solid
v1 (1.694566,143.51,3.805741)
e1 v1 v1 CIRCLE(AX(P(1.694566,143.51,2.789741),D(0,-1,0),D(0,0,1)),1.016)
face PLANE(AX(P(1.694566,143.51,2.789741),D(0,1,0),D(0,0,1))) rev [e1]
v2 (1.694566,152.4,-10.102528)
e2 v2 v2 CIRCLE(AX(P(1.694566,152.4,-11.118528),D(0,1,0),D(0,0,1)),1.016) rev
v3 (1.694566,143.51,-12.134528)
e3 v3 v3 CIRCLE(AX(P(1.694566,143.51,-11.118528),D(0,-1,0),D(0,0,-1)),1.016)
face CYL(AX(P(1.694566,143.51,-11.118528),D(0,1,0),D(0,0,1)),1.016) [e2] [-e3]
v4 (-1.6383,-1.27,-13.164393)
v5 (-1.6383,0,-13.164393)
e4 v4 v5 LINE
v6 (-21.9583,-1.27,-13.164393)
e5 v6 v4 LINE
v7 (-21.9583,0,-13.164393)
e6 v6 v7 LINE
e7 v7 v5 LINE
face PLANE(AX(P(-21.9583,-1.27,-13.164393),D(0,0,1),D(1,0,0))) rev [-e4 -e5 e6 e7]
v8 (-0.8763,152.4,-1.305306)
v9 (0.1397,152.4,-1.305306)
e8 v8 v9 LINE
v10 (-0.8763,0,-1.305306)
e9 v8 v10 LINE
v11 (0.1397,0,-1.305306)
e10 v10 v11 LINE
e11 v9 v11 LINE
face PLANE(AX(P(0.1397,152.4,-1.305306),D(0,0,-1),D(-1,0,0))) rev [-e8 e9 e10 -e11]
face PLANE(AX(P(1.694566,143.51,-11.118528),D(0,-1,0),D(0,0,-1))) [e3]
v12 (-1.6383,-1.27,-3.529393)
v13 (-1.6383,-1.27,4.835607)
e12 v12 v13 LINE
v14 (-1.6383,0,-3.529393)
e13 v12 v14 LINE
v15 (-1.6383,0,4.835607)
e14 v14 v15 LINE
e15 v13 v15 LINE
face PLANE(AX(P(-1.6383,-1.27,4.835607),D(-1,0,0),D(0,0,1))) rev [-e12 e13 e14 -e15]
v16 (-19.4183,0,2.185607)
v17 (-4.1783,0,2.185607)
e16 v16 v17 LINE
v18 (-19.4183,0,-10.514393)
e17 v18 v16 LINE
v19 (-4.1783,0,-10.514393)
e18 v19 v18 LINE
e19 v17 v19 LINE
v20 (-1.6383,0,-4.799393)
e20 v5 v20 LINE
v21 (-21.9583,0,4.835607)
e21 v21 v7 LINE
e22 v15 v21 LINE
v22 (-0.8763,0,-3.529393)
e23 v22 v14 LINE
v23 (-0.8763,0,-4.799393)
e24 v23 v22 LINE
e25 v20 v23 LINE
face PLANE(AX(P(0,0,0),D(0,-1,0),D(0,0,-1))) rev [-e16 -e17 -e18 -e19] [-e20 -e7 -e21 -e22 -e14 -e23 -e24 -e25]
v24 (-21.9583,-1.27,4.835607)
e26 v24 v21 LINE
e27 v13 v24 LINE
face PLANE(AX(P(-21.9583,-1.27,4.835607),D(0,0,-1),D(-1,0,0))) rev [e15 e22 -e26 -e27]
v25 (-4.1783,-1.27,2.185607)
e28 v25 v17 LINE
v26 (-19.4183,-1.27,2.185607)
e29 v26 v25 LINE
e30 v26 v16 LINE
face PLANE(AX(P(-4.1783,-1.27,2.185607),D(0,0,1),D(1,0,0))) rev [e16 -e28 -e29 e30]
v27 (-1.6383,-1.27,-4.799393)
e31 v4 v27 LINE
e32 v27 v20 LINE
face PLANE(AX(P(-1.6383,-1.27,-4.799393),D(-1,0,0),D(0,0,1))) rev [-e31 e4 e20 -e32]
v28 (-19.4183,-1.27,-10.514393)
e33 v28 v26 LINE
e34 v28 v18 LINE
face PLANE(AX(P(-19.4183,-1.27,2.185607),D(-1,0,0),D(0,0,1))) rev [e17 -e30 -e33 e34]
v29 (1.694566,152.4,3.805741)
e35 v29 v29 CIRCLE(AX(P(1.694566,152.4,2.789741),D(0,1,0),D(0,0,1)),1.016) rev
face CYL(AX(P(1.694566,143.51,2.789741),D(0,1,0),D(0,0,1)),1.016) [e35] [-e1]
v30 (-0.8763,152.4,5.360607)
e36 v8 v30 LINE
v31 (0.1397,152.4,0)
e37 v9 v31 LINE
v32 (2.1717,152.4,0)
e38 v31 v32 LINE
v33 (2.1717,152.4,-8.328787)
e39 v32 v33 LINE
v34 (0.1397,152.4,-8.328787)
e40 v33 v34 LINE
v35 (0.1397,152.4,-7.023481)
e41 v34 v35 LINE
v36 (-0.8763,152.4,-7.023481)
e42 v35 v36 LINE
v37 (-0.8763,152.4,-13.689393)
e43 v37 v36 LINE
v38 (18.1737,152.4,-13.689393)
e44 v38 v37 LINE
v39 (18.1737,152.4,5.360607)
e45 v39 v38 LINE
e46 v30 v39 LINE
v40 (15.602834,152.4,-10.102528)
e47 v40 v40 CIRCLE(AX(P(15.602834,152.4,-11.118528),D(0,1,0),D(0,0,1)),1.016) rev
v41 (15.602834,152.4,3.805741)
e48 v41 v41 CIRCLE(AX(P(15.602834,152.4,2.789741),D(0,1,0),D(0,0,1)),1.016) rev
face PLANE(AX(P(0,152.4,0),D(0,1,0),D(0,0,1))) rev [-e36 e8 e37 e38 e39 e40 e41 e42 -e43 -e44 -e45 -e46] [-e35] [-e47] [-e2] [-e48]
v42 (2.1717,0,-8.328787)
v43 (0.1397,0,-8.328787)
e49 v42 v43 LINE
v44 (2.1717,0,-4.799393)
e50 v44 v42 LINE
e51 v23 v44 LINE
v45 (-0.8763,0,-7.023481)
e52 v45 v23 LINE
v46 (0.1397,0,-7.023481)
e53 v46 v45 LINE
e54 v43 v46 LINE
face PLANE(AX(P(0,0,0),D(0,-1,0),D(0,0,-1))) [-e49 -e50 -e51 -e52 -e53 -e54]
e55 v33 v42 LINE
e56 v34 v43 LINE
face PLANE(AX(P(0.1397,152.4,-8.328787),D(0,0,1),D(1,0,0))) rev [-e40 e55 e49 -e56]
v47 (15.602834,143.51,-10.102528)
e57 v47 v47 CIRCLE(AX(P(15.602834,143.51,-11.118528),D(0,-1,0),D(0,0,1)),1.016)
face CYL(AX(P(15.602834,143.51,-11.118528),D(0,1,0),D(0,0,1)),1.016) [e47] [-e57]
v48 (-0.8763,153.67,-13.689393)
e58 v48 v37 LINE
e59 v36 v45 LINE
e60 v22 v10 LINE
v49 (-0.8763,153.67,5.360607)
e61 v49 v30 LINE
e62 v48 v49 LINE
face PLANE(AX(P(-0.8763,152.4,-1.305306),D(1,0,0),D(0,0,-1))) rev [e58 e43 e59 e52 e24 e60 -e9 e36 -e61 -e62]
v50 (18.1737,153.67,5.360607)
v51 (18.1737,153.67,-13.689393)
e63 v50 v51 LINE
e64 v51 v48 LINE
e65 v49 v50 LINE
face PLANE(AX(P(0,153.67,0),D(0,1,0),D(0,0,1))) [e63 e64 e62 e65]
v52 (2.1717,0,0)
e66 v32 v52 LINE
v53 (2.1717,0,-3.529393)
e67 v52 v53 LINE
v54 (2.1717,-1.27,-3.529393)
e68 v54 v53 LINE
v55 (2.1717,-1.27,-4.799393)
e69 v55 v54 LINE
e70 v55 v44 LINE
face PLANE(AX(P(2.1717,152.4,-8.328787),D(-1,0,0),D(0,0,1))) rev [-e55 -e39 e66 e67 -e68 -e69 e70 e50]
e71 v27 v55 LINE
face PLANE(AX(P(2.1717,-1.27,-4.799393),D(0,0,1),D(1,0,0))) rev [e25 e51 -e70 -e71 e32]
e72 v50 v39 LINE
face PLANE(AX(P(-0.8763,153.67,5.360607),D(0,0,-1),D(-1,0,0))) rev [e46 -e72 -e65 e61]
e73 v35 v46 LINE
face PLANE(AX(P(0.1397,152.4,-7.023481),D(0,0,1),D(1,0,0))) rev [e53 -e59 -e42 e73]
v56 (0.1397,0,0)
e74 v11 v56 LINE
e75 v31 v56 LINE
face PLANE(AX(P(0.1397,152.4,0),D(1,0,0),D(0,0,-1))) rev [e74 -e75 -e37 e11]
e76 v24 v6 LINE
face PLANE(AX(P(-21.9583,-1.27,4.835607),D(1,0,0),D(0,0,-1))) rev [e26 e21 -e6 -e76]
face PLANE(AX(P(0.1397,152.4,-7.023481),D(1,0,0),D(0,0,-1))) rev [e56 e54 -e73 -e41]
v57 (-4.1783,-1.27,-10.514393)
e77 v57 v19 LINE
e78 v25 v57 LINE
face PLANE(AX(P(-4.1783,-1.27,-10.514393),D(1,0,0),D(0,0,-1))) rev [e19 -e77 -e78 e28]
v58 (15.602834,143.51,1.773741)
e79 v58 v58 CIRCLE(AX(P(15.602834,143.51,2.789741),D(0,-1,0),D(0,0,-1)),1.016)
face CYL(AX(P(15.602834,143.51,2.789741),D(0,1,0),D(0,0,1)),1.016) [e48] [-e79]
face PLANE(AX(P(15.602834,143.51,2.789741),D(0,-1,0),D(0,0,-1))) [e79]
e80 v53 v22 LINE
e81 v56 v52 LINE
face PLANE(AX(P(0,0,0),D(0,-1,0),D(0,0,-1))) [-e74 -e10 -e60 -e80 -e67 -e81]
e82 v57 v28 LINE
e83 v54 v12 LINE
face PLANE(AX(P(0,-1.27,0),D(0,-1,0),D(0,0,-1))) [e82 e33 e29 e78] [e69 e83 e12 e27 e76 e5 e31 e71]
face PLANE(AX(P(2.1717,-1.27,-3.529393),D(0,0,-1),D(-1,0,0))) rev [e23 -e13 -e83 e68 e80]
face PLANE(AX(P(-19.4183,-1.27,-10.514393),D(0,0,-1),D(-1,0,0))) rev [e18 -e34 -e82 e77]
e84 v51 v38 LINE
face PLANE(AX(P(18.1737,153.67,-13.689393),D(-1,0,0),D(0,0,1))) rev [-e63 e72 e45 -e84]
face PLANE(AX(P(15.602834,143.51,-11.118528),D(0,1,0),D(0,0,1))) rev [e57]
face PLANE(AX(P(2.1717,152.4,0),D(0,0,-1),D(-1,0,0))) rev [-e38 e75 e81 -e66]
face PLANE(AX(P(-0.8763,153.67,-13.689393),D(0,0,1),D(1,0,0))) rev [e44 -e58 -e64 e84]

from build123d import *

# Parameters (mm, degrees)
BOSS_EXTRUDE1_DEPTH = 152.4
SKETCH2_W           = 19.05
SKETCH2_H           = 19.05
BOSS_EXTRUDE2_DEPTH = 1.27
SKETCH3_R           = 1.016
BOSS_EXTRUDE3_DEPTH = 8.89
BOSS_EXTRUDE4_DEPTH = 1.27
SKETCH5_W           = 15.24
SKETCH5_H           = 12.7
CUT_EXTRUDE1_DEPTH  = 2.27


with BuildPart() as part:
    # Sketch1 → Boss-Extrude1 (new body)
    with BuildSketch(Plane(origin=(0, 0, 0), x_dir=(1, 0, 0), z_dir=(0, 1, 0))):
        Polygon((0.1397, 7.023481), (-0.8763, 7.023481), (-0.8763, 1.305306), (0.1397, 1.305306), (0.1397, 0), (2.1717, 0), (2.1717, 8.328787), (0.1397, 8.328787), align=None)
    extrude(amount=BOSS_EXTRUDE1_DEPTH)

    # Sketch2 → Boss-Extrude2 (add)
    with BuildSketch(Plane(origin=(0, 152.4, 0), x_dir=(1, 0, 0), z_dir=(0, 1, 0))):
        with Locations((8.6487, 4.1643935)):
            Rectangle(SKETCH2_W, SKETCH2_H)
    extrude(amount=BOSS_EXTRUDE2_DEPTH)

    # Sketch3 → Boss-Extrude3 (add)
    with BuildSketch(Plane.XZ.offset(-152.4)):
        with Locations((15.602834065, 2.789740565)):
            Circle(SKETCH3_R)
        with Locations((15.602834065, -11.118527565)):
            Circle(SKETCH3_R)
        with Locations((1.694565935, -11.118527565)):
            Circle(SKETCH3_R)
        with Locations((1.694565935, 2.789740565)):
            Circle(SKETCH3_R)
    extrude(amount=BOSS_EXTRUDE3_DEPTH)

    # Sketch4 → Boss-Extrude4 (add)
    with BuildSketch(Plane.XZ):
        Polygon((-21.9583, 4.8356065), (-1.6383, 4.8356065), (-1.6383, -3.5293935), (2.1717, -3.5293935), (2.1717, -4.7993935), (-1.6383, -4.7993935), (-1.6383, -13.1643935), (-21.9583, -13.1643935), align=None)
    extrude(amount=BOSS_EXTRUDE4_DEPTH)

    # Sketch5 → Cut-Extrude1 (cut, through all)
    with BuildSketch(Plane(origin=(0, 0, 0), x_dir=(1, 0, 0), z_dir=(0, 1, 0))):
        with Locations((-11.7983, 4.1643935)):
            Rectangle(SKETCH5_W, SKETCH5_H)
    extrude(amount=-CUT_EXTRUDE1_DEPTH, mode=Mode.SUBTRACT)


solid = part.part
